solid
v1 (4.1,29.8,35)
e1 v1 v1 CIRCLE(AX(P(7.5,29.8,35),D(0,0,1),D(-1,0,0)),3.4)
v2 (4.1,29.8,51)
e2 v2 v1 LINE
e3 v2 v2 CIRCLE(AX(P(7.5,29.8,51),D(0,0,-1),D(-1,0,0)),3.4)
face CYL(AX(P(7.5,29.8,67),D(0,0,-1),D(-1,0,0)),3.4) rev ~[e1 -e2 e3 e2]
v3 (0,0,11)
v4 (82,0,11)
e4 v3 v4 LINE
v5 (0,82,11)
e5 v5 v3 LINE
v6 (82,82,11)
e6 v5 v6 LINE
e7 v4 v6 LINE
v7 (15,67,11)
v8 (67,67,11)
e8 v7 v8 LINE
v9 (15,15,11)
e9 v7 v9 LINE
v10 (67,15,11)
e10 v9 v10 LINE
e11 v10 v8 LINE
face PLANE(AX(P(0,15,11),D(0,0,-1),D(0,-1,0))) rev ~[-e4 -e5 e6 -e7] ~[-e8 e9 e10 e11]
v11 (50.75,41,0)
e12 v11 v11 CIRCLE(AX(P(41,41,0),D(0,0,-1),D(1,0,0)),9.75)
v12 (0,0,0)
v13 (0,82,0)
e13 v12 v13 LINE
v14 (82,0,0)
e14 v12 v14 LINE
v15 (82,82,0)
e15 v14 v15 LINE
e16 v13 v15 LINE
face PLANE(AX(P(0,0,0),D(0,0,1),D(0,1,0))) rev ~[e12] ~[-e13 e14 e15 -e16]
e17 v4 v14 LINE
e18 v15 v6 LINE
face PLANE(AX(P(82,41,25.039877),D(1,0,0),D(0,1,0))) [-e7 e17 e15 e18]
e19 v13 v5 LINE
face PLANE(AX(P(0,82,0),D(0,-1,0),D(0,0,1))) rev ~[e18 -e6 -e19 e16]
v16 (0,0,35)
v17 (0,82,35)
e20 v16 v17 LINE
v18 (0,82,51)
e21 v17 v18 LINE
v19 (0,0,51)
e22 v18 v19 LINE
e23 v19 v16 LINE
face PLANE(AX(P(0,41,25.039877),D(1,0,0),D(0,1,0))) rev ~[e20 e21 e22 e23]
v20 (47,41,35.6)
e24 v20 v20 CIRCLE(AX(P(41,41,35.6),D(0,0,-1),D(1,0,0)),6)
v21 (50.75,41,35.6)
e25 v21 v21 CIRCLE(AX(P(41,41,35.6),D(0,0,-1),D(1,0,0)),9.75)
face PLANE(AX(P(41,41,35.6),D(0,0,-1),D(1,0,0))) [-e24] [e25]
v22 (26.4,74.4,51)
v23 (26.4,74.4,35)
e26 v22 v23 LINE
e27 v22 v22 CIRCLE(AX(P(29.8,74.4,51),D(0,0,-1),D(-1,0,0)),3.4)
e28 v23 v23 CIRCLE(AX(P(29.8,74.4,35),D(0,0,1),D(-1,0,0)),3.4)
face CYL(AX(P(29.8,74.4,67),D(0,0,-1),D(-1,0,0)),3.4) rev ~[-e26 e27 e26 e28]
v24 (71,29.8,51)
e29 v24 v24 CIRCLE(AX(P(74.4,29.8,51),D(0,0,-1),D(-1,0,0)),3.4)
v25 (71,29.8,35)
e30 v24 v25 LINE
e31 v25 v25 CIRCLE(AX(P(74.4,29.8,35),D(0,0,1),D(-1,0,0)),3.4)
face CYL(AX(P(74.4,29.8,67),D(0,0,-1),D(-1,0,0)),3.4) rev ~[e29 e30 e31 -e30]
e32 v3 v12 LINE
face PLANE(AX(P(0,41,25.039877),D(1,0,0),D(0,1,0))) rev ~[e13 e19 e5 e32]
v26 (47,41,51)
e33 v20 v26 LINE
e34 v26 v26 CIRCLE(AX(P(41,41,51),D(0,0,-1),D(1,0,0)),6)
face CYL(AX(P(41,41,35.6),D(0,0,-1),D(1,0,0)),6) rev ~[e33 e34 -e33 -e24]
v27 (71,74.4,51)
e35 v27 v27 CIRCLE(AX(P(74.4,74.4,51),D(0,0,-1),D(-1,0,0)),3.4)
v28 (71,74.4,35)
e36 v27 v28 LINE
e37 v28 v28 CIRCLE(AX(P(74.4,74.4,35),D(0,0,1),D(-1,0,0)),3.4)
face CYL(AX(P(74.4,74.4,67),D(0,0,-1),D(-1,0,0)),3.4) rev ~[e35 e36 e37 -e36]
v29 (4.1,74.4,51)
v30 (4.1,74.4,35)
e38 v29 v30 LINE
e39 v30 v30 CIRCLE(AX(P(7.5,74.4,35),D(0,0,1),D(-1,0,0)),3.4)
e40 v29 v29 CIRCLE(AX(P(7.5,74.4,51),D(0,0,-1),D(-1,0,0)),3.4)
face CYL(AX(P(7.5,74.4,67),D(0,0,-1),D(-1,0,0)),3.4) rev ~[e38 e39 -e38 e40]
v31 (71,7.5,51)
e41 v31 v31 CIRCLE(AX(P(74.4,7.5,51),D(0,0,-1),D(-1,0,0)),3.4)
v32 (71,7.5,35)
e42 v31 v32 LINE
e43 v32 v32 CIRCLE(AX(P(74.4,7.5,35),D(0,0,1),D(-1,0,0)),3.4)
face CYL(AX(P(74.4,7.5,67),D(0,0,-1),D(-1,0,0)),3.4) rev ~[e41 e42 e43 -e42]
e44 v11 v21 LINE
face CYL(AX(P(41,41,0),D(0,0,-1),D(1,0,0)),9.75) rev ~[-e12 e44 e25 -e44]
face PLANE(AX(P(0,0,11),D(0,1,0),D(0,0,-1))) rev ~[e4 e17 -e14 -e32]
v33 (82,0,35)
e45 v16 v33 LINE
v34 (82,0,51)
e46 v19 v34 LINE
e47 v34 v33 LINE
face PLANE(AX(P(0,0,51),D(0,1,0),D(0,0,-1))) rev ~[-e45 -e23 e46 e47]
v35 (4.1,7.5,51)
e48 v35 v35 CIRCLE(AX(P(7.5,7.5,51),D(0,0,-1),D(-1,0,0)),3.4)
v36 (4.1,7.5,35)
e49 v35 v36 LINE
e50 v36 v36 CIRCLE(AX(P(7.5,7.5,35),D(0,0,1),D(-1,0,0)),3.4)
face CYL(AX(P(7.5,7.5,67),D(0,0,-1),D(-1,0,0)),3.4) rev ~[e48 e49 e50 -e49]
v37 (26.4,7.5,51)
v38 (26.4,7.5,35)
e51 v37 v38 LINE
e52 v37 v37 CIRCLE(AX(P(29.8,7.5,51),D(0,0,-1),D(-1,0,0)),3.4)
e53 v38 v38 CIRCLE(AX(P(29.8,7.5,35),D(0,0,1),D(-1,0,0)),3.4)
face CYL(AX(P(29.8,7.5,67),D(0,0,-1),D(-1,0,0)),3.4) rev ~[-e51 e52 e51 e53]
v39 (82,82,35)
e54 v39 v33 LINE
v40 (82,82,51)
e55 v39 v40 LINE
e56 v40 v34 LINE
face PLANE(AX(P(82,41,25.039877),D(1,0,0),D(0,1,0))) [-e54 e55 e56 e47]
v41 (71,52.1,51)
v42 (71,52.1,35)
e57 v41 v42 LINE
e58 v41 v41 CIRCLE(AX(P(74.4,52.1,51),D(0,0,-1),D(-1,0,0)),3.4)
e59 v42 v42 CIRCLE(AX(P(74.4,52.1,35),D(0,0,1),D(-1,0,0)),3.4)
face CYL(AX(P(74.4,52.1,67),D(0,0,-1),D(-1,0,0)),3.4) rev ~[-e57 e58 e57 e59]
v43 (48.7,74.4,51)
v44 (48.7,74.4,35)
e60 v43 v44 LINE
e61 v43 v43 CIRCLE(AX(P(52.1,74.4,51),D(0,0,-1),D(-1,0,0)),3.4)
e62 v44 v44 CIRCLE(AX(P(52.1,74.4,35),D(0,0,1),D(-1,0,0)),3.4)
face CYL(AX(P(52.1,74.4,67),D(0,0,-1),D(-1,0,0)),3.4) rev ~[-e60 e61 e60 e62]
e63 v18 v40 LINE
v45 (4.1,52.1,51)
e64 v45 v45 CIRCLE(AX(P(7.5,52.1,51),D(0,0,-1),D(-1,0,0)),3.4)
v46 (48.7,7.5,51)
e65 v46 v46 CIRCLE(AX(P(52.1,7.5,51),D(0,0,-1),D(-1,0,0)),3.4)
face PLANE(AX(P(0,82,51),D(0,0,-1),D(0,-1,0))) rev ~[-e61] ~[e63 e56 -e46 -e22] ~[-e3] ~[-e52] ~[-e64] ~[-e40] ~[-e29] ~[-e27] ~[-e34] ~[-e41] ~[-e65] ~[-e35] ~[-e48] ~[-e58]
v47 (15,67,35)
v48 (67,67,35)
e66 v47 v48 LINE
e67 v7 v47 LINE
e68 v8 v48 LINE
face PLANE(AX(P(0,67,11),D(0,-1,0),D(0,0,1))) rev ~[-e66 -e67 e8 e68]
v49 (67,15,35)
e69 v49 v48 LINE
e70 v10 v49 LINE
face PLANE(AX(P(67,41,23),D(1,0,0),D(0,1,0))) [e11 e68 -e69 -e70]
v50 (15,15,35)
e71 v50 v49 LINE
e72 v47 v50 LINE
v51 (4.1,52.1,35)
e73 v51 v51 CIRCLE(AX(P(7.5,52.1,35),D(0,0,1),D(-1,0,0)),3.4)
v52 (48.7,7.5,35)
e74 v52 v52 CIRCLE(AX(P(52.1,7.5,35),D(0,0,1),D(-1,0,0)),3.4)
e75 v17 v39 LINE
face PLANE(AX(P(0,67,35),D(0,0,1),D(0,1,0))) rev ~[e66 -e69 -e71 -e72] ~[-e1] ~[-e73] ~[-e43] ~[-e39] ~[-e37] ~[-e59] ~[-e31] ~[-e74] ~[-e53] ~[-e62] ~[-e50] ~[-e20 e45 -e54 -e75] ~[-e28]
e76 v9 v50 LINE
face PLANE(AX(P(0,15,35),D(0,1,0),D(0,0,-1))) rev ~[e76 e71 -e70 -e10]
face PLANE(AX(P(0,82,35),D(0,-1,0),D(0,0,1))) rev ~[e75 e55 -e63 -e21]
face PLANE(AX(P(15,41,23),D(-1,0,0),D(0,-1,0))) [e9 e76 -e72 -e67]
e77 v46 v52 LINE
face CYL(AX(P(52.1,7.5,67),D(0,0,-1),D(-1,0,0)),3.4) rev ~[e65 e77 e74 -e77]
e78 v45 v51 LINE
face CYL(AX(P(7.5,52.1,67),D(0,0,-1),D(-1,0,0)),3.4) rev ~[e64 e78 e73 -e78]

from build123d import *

# Parameters (mm, degrees)
F1_DEPTH  = 82
F2_W      = 52
F2_H      = 24
F3_DEPTH  = 15
F4_W      = 52
F4_H      = 24
F5_DEPTH  = 15
F6_R      = 9.75
F7_DEPTH  = 35.6
F8_R      = 6
F9_DEPTH  = 15.401
F10_R     = 3.25
F11_DEPTH = 20
F12_D     = 6.8
F12_DEPTH = 16
F12_TIP   = 2.0429261047


with BuildPart() as f1:
    # F0 (on Right) → F1 (new body)
    with BuildSketch(Plane.YZ):
        Polygon((0, 11), (0, 0), (82, 0), (82, 11), (67, 11), (67, 35), (82, 35), (82, 51), (0, 51), (0, 35), (15, 35), (15, 11), align=None)
    extrude(amount=F1_DEPTH)

    # F2 (on face) → F3 (cut)
    with BuildSketch(Plane.YZ.offset(82)):
        with Locations((41, 23)):
            Rectangle(F2_W, F2_H)
    extrude(amount=-F3_DEPTH, mode=Mode.SUBTRACT)

    # F4 (on face) → F5 (cut)
    with BuildSketch(Plane(origin=(0, 0, 0), x_dir=(0, -1, 0), z_dir=(-1, 0, 0))):
        with Locations((-41, 23)):
            Rectangle(F4_W, F4_H)
    extrude(amount=-F5_DEPTH, mode=Mode.SUBTRACT)

    # F6 (on face) → F7 (cut)
    with BuildSketch(Plane(origin=(0, 0, 0), x_dir=(1, 0, 0), z_dir=(0, 0, -1))):
        with Locations((41, -41)):
            Circle(F6_R)
    extrude(amount=-F7_DEPTH, mode=Mode.SUBTRACT)

    # F8 (on face) → F9 (cut, through all)
    with BuildSketch(Plane(origin=(0, 0, 35.6), x_dir=(1, 0, 0), z_dir=(0, 0, -1))):
        with Locations((41, -41)):
            Circle(F8_R)
    extrude(amount=-F9_DEPTH, mode=Mode.SUBTRACT)

    # F10 (on face) → F11 (cut)
    with BuildSketch(Plane.XY.offset(51)):
        with Locations((7.5, 7.5)):
            Circle(F10_R)
        with Locations((7.5, 29.8)):
            Circle(F10_R)
        with Locations((7.5, 52.1)):
            Circle(F10_R)
        with Locations((7.5, 74.4)):
            Circle(F10_R)
        with Locations((29.8, 7.5)):
            Circle(F10_R)
        with Locations((29.8, 74.4)):
            Circle(F10_R)
        with Locations((52.1, 7.5)):
            Circle(F10_R)
        with Locations((52.1, 74.4)):
            Circle(F10_R)
        with Locations((74.4, 7.5)):
            Circle(F10_R)
        with Locations((74.4, 29.8)):
            Circle(F10_R)
        with Locations((74.4, 52.1)):
            Circle(F10_R)
        with Locations((74.4, 74.4)):
            Circle(F10_R)
    extrude(amount=-F11_DEPTH, mode=Mode.SUBTRACT)

    # F12
    with Locations(Plane.XY.offset(51)):
        with Locations((7.5, 7.5), (7.5, 29.8), (7.5, 52.1), (7.5, 74.4), (29.8, 74.4), (52.1, 74.4), (74.4, 74.4), (74.4, 52.1), (74.4, 29.8), (74.4, 7.5), (52.1, 7.5), (29.8, 7.5)):
            Hole(F12_D / 2, depth=F12_DEPTH)
            with Locations((0, 0, -(F12_DEPTH + F12_TIP / 2))):  # 118° drill point
                Cone(0, F12_D / 2, F12_TIP, mode=Mode.SUBTRACT)


solid = f1.part
